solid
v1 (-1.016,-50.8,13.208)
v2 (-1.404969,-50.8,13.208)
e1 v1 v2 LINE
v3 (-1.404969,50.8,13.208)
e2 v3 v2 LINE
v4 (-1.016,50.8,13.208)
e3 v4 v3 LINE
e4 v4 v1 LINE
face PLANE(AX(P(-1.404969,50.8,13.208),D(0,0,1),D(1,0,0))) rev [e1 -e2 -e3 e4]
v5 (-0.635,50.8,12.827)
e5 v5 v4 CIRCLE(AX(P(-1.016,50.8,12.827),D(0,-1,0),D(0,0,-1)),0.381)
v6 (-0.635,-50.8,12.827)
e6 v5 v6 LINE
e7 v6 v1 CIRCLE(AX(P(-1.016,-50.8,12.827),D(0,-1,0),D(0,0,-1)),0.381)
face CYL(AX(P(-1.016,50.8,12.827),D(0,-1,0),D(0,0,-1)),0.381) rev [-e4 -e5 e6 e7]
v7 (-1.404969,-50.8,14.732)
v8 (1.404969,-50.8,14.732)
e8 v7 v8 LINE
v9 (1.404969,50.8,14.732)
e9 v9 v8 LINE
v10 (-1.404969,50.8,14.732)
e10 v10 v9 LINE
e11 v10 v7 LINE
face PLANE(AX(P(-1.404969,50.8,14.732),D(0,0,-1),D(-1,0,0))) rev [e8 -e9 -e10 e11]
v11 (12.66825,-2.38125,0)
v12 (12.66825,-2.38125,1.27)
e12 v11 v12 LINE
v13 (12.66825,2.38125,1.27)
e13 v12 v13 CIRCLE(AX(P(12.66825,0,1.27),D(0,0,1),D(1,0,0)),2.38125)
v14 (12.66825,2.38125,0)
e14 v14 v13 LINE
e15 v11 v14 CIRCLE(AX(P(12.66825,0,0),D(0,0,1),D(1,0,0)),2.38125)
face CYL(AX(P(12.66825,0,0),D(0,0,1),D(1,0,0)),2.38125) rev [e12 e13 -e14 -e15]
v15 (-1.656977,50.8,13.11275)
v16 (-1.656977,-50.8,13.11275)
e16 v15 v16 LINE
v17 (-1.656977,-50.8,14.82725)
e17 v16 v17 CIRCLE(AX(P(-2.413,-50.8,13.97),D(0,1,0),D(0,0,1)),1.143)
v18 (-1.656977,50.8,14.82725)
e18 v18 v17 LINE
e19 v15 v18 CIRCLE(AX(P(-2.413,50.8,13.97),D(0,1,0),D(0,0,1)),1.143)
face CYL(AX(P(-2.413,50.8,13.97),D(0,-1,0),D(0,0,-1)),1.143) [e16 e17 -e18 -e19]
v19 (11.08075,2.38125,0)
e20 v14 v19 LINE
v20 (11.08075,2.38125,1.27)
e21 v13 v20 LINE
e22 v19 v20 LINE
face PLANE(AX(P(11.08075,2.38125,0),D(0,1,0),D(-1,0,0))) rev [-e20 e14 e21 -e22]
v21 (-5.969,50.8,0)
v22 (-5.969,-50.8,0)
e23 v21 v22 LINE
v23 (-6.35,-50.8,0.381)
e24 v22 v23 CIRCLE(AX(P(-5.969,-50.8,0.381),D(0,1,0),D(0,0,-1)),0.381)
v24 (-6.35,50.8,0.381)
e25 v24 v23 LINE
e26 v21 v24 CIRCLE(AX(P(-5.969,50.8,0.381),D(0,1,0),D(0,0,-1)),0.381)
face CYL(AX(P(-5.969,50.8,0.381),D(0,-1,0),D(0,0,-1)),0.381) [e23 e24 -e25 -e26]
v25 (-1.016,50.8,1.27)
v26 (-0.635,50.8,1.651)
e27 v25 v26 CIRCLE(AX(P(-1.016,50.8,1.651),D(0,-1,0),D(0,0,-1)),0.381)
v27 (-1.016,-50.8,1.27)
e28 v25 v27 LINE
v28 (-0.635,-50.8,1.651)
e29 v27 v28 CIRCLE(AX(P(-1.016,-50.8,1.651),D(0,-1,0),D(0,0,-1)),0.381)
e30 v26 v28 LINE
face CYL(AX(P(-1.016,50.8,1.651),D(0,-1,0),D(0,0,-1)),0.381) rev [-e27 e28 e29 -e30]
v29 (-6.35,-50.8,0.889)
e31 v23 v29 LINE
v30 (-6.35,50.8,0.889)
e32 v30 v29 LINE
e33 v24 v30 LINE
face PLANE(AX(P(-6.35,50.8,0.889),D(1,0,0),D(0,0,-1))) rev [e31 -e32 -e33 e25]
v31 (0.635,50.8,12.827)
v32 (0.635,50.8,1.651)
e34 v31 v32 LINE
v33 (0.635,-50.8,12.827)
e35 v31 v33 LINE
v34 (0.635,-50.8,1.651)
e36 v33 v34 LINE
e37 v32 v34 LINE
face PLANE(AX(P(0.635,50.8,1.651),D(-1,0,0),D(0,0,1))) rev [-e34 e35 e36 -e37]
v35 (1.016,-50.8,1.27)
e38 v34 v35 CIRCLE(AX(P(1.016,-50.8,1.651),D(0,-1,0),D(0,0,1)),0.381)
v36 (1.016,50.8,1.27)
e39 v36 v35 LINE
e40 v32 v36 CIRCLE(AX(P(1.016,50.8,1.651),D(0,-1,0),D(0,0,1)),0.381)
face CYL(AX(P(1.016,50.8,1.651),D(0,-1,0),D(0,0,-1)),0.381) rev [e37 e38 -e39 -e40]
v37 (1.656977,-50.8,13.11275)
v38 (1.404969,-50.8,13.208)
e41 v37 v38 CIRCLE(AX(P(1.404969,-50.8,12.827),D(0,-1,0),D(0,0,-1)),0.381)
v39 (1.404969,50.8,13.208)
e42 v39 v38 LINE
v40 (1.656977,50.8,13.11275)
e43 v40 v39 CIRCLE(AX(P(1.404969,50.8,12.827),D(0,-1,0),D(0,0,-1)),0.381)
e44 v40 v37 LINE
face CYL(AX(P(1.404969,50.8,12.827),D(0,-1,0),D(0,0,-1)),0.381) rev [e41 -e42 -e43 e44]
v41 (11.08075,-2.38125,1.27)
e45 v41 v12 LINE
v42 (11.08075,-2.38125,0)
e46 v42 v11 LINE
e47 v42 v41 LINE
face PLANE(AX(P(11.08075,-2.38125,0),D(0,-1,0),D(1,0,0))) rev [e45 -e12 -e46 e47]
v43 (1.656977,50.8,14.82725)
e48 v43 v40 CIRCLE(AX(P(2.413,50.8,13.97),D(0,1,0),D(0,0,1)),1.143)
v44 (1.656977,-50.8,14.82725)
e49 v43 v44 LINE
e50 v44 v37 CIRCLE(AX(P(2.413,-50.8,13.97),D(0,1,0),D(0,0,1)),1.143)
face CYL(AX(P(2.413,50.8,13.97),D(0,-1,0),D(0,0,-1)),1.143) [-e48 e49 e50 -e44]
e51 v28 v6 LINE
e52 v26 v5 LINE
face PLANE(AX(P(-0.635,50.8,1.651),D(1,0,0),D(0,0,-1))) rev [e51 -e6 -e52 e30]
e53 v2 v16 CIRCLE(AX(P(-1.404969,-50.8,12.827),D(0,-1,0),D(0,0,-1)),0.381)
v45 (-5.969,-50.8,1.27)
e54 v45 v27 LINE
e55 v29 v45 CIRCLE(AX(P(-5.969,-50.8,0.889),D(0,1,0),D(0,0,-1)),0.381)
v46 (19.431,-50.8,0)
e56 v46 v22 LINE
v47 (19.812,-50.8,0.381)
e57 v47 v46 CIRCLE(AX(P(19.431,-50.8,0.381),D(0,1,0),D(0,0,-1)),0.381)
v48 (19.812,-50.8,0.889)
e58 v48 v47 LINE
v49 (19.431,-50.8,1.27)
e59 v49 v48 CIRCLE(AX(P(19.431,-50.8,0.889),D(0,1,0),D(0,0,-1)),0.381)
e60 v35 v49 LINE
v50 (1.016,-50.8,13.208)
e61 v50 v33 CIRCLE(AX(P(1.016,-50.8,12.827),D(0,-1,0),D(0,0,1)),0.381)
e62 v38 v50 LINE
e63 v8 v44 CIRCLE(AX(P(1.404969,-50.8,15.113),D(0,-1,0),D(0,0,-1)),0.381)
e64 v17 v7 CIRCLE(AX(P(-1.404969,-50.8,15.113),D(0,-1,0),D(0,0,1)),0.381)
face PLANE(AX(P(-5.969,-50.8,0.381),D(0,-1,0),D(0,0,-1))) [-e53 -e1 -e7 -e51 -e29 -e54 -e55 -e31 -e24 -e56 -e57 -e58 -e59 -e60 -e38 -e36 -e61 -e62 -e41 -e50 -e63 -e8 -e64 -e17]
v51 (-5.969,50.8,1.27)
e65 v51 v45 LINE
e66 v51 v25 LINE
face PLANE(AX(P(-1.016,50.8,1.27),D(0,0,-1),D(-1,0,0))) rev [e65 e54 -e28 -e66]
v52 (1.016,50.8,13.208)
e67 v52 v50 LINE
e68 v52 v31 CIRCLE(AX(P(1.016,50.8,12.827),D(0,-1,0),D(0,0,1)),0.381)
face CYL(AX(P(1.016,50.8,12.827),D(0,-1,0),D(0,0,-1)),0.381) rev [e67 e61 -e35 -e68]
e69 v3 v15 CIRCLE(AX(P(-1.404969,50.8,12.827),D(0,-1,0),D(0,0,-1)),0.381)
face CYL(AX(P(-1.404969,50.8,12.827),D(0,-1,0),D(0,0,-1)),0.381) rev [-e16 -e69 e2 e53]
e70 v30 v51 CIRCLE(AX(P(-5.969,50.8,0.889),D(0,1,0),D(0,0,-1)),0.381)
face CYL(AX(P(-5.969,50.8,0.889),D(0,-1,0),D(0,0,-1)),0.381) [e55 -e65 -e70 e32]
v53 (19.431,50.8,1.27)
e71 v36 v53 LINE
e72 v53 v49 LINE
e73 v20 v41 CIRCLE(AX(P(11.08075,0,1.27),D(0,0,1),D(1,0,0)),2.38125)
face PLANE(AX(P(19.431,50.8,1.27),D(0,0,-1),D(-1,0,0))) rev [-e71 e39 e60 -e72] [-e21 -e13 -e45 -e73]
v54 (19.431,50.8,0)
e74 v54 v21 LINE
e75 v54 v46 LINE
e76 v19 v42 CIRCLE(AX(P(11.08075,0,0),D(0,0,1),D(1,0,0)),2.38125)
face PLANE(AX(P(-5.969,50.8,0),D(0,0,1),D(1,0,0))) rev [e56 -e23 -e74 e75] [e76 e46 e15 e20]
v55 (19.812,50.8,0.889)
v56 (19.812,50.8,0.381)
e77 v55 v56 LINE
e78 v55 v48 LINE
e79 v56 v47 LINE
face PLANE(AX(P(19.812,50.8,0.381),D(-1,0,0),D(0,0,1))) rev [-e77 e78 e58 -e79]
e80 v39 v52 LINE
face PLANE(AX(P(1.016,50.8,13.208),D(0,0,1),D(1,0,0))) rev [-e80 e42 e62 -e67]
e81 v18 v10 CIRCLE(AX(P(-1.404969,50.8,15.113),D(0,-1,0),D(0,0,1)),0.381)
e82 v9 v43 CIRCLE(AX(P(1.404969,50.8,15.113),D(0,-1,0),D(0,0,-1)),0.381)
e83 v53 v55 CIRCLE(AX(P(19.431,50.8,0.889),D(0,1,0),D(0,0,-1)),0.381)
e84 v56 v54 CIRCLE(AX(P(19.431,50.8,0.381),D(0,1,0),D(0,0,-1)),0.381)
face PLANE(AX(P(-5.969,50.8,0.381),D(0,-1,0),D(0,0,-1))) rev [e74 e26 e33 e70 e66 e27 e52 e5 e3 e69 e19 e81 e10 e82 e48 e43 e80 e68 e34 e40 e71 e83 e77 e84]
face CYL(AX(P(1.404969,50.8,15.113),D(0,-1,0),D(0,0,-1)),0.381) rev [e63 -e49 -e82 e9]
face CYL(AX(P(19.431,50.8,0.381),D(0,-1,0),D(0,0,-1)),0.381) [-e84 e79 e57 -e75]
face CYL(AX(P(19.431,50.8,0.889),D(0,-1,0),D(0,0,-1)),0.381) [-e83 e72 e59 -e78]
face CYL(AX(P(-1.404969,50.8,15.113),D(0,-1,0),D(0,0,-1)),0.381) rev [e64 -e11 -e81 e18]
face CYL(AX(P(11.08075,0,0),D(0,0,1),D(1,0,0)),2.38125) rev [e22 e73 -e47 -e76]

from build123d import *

# Parameters (mm, degrees)
BOSS_EXTRUDE1_DEPTH = 50.8
CUT_EXTRUDE1_DEPTH  = 2.27


with BuildPart() as part:
    # Sketch2 → Boss-Extrude1 (new body, symmetric)
    with BuildSketch(Plane(origin=(0, 0, 0), x_dir=(1, 0, 0), z_dir=(0, 1, 0))):
        with BuildLine():
            Line((-5.969, 0), (19.431, 0))
            ThreePointArc((19.431, 0), (19.700407684, -0.111592316), (19.812, -0.381))
            Line((19.812, -0.381), (19.812, -0.889))
            ThreePointArc((19.812, -0.889), (19.700407684, -1.158407684), (19.431, -1.27))
            Line((19.431, -1.27), (1.016, -1.27))
            ThreePointArc((1.016, -1.27), (0.746592316, -1.381592316), (0.635, -1.651))
            Line((0.635, -1.651), (0.635, -12.827))
            ThreePointArc((0.635, -12.827), (0.746592316, -13.096407684), (1.016, -13.208))
            Line((1.016, -13.208), (1.40496875, -13.208))
            ThreePointArc((1.40496875, -13.208), (1.539672592, -13.183392866), (1.656976563, -13.11275))
            ThreePointArc((1.656976563, -13.11275), (3.556, -13.97), (1.656976563, -14.82725))
            ThreePointArc((1.656976563, -14.82725), (1.539672592, -14.756607134), (1.40496875, -14.732))
            Line((1.40496875, -14.732), (-1.40496875, -14.732))
            ThreePointArc((-1.40496875, -14.732), (-1.539672592, -14.756607134), (-1.656976563, -14.82725))
            ThreePointArc((-1.656976563, -14.82725), (-3.556, -13.97), (-1.656976563, -13.11275))
            ThreePointArc((-1.656976563, -13.11275), (-1.539672592, -13.183392866), (-1.40496875, -13.208))
            Line((-1.40496875, -13.208), (-1.016, -13.208))
            ThreePointArc((-1.016, -13.208), (-0.746592316, -13.096407684), (-0.635, -12.827))
            Line((-0.635, -12.827), (-0.635, -1.651))
            ThreePointArc((-0.635, -1.651), (-0.746592316, -1.381592316), (-1.016, -1.27))
            Line((-1.016, -1.27), (-5.969, -1.27))
            ThreePointArc((-5.969, -1.27), (-6.238407684, -1.158407684), (-6.35, -0.889))
            Line((-6.35, -0.889), (-6.35, -0.381))
            ThreePointArc((-6.35, -0.381), (-6.238407684, -0.111592316), (-5.969, 0))
        make_face()
    extrude(amount=BOSS_EXTRUDE1_DEPTH, both=True)

    # Sketch3 → Cut-Extrude1 (cut, through all)
    with BuildSketch(Plane.XY.offset(1.27)):
        with BuildLine():
            Line((11.08075, 2.38125), (12.66825, 2.38125))
            ThreePointArc((12.66825, 2.38125), (15.0495, 0), (12.66825, -2.38125))
            Line((12.66825, -2.38125), (11.08075, -2.38125))
            ThreePointArc((11.08075, -2.38125), (8.6995, 0), (11.08075, 2.38125))
        make_face()
    extrude(amount=-CUT_EXTRUDE1_DEPTH, mode=Mode.SUBTRACT)


solid = part.part
